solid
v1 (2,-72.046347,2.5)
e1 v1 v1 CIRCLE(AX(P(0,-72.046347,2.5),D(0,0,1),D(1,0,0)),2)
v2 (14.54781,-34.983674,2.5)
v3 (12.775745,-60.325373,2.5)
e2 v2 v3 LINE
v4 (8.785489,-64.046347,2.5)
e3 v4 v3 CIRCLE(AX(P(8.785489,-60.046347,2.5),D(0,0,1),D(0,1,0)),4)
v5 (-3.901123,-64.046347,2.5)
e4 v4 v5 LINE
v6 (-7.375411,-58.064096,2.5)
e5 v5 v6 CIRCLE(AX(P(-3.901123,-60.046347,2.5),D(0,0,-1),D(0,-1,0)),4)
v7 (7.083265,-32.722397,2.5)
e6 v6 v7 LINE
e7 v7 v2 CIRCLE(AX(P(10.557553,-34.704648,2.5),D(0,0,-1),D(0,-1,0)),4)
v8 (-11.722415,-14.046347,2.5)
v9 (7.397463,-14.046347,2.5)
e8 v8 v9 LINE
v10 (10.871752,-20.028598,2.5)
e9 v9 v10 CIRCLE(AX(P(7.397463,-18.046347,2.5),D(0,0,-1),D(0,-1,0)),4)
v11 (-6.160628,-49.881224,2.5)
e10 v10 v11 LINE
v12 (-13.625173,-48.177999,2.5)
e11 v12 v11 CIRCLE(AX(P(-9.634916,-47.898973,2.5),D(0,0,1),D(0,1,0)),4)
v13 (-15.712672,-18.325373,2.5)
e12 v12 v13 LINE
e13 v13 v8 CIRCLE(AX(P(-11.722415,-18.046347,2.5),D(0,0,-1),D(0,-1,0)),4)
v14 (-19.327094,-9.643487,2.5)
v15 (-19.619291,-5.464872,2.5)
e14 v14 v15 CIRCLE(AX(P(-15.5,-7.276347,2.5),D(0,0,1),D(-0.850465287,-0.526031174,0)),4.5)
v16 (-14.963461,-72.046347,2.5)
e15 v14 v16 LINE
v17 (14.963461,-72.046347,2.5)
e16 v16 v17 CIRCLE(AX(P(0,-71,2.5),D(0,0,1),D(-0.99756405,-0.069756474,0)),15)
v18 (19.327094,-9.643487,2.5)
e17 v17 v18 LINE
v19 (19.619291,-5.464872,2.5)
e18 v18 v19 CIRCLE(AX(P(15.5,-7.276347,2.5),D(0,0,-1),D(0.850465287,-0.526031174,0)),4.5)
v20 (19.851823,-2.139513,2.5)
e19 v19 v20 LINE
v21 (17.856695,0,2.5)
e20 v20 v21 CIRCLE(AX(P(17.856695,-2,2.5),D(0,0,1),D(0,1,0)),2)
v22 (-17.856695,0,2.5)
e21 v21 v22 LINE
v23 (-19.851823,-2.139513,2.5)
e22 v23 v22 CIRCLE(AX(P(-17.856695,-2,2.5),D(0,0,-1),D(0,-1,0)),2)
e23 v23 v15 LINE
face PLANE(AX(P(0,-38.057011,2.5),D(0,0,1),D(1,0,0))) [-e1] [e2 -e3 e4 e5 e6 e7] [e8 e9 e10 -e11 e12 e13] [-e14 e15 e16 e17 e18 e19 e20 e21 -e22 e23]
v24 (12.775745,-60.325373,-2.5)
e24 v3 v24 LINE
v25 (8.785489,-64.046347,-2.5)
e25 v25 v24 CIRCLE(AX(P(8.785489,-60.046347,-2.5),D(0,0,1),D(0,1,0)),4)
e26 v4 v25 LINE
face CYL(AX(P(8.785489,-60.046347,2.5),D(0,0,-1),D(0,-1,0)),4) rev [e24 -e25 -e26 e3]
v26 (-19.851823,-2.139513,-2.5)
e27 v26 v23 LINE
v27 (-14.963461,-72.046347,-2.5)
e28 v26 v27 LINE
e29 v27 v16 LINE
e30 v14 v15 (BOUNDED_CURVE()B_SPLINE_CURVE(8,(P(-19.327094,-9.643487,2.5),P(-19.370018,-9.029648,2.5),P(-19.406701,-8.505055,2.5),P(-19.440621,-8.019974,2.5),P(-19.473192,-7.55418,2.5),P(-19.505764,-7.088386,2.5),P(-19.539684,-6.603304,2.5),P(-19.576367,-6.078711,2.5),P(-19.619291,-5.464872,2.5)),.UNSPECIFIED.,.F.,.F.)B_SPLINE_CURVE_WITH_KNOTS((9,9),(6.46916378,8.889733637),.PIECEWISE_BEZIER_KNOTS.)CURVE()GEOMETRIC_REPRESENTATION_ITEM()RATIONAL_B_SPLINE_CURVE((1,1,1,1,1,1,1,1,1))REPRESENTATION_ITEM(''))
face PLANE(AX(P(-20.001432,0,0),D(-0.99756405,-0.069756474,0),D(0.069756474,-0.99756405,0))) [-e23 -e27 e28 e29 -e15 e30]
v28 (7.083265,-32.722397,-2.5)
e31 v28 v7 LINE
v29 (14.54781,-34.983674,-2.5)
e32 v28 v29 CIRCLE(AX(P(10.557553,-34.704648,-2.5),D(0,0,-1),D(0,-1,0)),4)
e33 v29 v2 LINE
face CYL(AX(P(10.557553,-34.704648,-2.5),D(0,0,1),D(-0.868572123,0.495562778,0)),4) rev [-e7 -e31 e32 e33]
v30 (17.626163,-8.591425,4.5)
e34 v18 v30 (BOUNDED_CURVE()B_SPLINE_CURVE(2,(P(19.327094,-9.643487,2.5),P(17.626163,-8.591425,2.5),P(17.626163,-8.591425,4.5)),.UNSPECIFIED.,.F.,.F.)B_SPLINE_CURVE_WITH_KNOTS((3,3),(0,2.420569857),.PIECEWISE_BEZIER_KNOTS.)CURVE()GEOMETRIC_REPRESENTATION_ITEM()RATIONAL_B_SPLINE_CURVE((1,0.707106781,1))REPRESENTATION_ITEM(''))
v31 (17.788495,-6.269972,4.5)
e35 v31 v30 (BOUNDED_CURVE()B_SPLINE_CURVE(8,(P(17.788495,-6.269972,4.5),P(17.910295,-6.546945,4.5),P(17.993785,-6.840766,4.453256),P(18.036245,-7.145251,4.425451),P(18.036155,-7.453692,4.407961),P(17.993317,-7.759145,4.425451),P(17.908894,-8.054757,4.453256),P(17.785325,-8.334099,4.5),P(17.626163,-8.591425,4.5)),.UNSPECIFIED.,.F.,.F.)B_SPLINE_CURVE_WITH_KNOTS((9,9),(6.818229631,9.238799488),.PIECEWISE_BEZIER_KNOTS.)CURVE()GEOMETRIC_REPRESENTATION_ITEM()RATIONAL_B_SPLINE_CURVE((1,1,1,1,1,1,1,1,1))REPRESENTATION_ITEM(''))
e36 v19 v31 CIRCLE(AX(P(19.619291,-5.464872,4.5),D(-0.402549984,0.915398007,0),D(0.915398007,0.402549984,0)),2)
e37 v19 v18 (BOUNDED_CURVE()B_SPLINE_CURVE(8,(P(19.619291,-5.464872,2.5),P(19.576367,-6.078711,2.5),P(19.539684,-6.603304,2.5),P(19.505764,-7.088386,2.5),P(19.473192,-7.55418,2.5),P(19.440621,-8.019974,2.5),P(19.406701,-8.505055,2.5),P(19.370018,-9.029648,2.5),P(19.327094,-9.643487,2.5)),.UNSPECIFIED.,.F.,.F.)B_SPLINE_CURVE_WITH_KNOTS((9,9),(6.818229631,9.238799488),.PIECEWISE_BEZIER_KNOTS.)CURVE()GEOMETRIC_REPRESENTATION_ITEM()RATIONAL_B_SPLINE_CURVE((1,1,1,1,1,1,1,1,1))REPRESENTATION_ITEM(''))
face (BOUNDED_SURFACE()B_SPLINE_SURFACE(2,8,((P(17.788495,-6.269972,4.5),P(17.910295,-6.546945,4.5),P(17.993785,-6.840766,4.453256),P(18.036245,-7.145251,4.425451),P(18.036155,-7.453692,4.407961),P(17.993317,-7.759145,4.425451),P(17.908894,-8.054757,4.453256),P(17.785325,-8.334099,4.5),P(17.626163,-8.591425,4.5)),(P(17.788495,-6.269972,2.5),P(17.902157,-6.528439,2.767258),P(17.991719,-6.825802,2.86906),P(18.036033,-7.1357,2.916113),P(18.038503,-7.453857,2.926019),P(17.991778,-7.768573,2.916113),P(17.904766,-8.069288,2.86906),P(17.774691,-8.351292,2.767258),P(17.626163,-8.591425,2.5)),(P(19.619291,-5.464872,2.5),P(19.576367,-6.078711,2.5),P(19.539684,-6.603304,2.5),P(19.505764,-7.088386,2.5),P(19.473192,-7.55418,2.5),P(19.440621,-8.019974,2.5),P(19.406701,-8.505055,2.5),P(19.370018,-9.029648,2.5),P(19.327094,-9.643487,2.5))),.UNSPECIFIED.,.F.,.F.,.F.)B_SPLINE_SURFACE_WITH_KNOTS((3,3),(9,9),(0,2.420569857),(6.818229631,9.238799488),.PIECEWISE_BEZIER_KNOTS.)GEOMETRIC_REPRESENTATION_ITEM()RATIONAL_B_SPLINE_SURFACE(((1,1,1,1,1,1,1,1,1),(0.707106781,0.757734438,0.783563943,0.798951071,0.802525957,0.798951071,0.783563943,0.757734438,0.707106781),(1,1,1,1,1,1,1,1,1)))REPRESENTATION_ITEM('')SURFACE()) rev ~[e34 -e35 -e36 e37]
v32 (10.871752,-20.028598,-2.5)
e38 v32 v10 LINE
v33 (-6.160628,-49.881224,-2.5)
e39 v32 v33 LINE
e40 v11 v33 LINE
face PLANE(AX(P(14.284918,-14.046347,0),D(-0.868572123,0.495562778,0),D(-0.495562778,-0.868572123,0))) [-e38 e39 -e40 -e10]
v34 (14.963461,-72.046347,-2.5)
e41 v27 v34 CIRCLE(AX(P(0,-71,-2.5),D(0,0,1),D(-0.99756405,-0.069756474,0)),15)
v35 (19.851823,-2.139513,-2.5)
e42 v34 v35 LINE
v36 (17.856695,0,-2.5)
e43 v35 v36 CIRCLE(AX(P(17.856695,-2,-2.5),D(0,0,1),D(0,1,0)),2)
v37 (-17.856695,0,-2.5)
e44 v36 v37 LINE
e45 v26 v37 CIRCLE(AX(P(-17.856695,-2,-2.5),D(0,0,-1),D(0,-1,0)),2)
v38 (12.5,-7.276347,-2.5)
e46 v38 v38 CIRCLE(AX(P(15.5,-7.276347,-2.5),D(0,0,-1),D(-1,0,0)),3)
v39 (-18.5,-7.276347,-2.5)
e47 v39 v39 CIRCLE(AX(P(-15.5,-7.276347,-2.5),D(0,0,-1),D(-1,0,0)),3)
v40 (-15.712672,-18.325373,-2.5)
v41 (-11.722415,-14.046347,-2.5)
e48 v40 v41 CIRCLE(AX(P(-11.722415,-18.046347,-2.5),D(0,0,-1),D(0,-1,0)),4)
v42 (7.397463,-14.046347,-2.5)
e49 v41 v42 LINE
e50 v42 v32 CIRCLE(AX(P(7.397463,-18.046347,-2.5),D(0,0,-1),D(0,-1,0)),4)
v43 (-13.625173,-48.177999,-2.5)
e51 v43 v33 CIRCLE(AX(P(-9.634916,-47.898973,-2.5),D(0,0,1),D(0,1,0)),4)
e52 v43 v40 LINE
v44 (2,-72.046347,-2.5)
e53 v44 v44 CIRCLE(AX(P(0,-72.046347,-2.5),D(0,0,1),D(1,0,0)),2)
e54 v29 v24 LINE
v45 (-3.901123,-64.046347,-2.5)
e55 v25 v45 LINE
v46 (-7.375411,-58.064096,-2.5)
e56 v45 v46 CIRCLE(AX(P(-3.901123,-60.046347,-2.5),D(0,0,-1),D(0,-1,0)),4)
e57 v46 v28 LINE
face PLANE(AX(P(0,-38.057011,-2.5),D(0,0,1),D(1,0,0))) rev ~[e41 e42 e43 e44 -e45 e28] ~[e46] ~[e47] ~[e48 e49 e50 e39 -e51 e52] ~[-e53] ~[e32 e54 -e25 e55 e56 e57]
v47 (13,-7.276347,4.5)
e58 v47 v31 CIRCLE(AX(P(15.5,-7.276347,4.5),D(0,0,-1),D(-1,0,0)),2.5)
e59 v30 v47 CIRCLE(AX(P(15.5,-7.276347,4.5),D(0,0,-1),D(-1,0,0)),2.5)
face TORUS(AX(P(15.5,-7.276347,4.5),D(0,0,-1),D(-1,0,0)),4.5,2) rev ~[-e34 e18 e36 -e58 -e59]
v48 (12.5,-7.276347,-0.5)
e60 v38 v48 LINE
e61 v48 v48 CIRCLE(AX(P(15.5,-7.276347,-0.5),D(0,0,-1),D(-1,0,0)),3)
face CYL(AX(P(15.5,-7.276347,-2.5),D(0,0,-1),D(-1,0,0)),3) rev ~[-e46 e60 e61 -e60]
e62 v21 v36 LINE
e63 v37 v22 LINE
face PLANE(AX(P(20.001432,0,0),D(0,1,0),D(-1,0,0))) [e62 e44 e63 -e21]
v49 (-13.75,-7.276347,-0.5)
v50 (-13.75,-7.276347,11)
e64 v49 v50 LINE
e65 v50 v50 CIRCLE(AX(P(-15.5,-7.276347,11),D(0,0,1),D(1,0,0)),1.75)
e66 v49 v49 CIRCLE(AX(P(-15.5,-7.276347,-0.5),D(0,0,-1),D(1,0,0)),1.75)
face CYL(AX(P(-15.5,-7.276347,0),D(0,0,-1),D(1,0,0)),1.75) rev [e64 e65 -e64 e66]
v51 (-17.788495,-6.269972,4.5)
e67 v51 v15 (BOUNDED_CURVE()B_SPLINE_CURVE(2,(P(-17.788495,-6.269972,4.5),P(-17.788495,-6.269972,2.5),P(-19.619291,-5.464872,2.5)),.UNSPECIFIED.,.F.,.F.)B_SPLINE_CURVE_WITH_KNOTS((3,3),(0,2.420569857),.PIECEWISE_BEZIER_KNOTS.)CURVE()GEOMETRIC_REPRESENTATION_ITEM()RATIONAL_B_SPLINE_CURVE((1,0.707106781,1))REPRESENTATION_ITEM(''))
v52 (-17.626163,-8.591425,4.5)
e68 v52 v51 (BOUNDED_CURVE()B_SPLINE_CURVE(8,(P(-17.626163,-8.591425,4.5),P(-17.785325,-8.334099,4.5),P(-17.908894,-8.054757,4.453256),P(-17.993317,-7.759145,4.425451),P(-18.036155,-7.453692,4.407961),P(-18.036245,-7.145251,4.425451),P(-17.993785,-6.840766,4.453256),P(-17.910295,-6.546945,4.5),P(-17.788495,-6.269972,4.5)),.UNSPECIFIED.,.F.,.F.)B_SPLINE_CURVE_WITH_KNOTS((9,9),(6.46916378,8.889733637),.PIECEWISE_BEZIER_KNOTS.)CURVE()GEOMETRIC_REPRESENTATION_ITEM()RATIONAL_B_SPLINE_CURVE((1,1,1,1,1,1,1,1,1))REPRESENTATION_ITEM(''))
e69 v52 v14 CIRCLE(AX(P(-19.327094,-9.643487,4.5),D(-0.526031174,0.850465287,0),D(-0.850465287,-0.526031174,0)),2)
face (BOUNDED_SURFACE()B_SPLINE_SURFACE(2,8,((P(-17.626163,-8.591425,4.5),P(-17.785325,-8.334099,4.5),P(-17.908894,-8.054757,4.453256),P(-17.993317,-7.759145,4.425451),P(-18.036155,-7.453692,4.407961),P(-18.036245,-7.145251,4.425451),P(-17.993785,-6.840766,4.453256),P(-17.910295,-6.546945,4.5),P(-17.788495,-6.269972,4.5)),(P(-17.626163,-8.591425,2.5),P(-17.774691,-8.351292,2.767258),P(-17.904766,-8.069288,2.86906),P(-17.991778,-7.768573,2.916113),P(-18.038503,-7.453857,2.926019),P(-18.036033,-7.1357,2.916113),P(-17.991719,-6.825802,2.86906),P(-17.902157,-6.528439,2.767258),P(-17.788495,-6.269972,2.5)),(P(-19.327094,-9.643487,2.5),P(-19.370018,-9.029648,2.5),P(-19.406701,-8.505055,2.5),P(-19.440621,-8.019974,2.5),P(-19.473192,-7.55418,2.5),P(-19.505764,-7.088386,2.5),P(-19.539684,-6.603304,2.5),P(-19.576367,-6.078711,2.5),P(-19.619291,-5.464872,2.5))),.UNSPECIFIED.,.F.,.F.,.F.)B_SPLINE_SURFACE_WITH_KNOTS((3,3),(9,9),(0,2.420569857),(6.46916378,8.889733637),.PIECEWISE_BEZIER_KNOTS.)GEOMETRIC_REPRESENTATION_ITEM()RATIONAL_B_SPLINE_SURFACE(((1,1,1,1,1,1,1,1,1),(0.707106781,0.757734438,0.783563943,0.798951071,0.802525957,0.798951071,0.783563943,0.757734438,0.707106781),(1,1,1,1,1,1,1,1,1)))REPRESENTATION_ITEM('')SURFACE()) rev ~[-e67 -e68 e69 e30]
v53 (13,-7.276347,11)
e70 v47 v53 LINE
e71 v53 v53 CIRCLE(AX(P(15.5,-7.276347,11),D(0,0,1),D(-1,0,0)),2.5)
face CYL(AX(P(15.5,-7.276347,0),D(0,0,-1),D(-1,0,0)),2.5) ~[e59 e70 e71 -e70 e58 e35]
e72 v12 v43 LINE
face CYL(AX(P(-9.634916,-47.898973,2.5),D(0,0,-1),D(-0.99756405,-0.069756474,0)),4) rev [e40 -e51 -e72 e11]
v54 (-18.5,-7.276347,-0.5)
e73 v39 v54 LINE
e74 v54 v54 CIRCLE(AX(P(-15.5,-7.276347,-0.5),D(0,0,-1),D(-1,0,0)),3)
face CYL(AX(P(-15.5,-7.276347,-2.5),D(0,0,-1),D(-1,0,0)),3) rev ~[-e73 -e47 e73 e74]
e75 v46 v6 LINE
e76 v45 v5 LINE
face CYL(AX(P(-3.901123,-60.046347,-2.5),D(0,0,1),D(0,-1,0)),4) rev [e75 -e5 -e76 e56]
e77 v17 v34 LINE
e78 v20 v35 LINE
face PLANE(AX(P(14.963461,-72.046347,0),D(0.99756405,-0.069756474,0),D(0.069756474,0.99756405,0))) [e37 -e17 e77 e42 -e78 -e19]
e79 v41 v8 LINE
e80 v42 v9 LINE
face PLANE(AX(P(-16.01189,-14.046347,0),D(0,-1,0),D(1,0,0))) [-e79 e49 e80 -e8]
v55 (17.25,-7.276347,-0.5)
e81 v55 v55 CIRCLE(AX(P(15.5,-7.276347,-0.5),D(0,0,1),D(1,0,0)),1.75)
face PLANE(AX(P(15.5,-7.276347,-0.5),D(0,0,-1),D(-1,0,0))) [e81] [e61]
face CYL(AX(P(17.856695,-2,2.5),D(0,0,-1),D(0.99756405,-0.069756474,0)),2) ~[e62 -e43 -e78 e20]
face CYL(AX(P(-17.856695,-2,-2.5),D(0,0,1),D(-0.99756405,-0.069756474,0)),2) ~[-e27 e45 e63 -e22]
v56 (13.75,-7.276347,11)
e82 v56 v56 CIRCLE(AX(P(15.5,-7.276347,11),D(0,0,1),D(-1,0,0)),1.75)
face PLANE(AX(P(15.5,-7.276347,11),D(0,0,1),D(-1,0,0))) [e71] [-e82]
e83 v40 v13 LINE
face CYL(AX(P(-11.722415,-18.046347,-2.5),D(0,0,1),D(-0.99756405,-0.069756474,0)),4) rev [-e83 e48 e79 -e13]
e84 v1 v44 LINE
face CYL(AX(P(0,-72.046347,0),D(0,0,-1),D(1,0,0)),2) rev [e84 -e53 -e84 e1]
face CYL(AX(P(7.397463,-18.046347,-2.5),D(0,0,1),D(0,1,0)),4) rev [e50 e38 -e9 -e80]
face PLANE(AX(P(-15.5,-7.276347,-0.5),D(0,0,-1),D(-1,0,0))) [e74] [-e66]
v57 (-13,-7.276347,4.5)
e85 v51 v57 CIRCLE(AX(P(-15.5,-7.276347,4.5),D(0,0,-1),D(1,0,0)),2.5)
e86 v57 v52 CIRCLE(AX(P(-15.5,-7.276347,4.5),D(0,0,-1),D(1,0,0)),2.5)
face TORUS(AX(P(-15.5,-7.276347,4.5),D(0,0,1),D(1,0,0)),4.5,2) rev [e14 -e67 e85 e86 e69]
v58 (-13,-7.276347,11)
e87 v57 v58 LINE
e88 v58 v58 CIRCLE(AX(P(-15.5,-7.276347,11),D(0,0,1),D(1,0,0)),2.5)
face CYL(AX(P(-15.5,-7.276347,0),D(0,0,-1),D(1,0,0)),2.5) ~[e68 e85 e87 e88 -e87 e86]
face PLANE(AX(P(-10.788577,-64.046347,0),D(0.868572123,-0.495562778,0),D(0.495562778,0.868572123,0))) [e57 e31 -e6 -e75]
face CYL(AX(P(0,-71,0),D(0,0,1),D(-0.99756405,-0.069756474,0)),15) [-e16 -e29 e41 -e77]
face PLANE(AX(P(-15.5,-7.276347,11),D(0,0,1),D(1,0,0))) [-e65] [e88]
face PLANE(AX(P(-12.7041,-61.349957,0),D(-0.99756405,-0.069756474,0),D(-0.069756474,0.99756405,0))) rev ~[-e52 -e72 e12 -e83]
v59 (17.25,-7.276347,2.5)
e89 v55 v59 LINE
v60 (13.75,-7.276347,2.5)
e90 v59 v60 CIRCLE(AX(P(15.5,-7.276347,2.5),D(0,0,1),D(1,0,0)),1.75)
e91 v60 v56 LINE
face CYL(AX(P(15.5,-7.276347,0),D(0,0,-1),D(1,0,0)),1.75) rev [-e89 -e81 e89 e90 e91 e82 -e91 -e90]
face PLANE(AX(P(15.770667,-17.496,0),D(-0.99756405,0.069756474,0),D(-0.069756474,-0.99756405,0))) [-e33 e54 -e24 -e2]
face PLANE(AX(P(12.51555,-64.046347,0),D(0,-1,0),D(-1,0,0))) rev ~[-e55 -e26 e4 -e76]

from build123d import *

# Parameters (mm, degrees)
CROQUIS1_R              = 2
CROQUIS1_R_2            = 1.75
SALIENTE_EXTRUIR1_DEPTH = 2.5
CROQUIS1_3_R            = 2.5
CROQUIS1_3_R_2          = 1.75
SALIENTE_EXTRUIR2_DEPTH = 11
REDONDEO1_R             = 2
REDONDEO2_R             = 2
CROQUIS2_R              = 3
CORTAR_EXTRUIR1_DEPTH   = 2
REDONDEO3_R             = 4


with BuildPart() as part:
    # Croquis1 → Saliente-Extruir1 (new, symmetric)
    with BuildSketch(Plane.XY):
        with BuildLine():
            Line((20.001432119, 0), (-20.001432119, 0))
            Line((-20.001432119, 0), (-14.963460754, -72.046347106))
            ThreePointArc((-14.963460754, -72.046347106), (0, -86), (14.963460754, -72.046347106))
            Line((14.963460754, -72.046347106), (20.001432119, 0))
        make_face()
        with Locations((0, -72.046347106)):
            Circle(CROQUIS1_R, mode=Mode.SUBTRACT)
        Polygon((12.515549555, -64.046347106), (-10.788577252, -64.046347106), (15.770666891, -17.496000466), align=None, mode=Mode.SUBTRACT)
        Polygon((-12.704099543, -61.349956664), (-16.011890152, -14.046347106), (14.28491785, -14.046347106), align=None, mode=Mode.SUBTRACT)
        with Locations((-15.5, -7.276347106)):
            Circle(CROQUIS1_R_2, mode=Mode.SUBTRACT)
        with Locations((15.5, -7.276347106)):
            Circle(CROQUIS1_R_2, mode=Mode.SUBTRACT)
    extrude(amount=SALIENTE_EXTRUIR1_DEPTH, both=True)

    # Croquis1<3> → Saliente-Extruir2 (add)
    # profile 1 of 2: a face of its own
    with BuildSketch(Plane.XY):
        with Locations((-15.5, -7.276347106)):
            Circle(CROQUIS1_3_R)
        with Locations((-15.5, -7.276347106)):
            Circle(CROQUIS1_3_R_2, mode=Mode.SUBTRACT)
    # profile 2 of 2: a face of its own
    with BuildSketch(Plane.XY):
        with Locations(Location((15.5, -7.276347106, 0), (0, 0, 180))):
            Circle(CROQUIS1_3_R)
        with Locations(Location((15.5, -7.276347106, 0), (0, 0, 180))):
            Circle(CROQUIS1_3_R_2, mode=Mode.SUBTRACT)
    extrude(amount=SALIENTE_EXTRUIR2_DEPTH)

    # Redondeo1
    redondeo1_edges = [part.edges().sort_by_distance(p)[0] for p in [
        (18, -7.276347106, 2.5),
        (-18, -7.276347106, 2.5),
    ]]
    fillet(redondeo1_edges, radius=REDONDEO1_R)

    # Redondeo2
    redondeo2_edges = [part.edges().sort_by_distance(p)[0] for p in [
        (-20.001432119, 0, 0),
        (20.001432119, 0, 0),
    ]]
    fillet(redondeo2_edges, radius=REDONDEO2_R)

    # Croquis2 → Cortar-Extruir1 (cut)
    with BuildSketch(Plane(origin=(0, 0, -2.5), x_dir=(-1, 0, 0), z_dir=(0, 0, -1))):
        with Locations((-15.5, -7.276347106)):
            Circle(CROQUIS2_R)
        with Locations((15.5, -7.276347106)):
            Circle(CROQUIS2_R)
    extrude(amount=-CORTAR_EXTRUIR1_DEPTH, mode=Mode.SUBTRACT)

    # Redondeo3
    redondeo3_edges = [part.edges().sort_by_distance(p)[0] for p in [
        (12.515549555, -64.046347106, 0),
        (15.770666891, -17.496000466, 0),
        (-10.788577252, -64.046347106, 0),
        (14.28491785, -14.046347106, 0),
        (-16.011890152, -14.046347106, 0),
        (-12.704099543, -61.349956664, 0),
    ]]
    fillet(redondeo3_edges, radius=REDONDEO3_R)


solid = part.part
